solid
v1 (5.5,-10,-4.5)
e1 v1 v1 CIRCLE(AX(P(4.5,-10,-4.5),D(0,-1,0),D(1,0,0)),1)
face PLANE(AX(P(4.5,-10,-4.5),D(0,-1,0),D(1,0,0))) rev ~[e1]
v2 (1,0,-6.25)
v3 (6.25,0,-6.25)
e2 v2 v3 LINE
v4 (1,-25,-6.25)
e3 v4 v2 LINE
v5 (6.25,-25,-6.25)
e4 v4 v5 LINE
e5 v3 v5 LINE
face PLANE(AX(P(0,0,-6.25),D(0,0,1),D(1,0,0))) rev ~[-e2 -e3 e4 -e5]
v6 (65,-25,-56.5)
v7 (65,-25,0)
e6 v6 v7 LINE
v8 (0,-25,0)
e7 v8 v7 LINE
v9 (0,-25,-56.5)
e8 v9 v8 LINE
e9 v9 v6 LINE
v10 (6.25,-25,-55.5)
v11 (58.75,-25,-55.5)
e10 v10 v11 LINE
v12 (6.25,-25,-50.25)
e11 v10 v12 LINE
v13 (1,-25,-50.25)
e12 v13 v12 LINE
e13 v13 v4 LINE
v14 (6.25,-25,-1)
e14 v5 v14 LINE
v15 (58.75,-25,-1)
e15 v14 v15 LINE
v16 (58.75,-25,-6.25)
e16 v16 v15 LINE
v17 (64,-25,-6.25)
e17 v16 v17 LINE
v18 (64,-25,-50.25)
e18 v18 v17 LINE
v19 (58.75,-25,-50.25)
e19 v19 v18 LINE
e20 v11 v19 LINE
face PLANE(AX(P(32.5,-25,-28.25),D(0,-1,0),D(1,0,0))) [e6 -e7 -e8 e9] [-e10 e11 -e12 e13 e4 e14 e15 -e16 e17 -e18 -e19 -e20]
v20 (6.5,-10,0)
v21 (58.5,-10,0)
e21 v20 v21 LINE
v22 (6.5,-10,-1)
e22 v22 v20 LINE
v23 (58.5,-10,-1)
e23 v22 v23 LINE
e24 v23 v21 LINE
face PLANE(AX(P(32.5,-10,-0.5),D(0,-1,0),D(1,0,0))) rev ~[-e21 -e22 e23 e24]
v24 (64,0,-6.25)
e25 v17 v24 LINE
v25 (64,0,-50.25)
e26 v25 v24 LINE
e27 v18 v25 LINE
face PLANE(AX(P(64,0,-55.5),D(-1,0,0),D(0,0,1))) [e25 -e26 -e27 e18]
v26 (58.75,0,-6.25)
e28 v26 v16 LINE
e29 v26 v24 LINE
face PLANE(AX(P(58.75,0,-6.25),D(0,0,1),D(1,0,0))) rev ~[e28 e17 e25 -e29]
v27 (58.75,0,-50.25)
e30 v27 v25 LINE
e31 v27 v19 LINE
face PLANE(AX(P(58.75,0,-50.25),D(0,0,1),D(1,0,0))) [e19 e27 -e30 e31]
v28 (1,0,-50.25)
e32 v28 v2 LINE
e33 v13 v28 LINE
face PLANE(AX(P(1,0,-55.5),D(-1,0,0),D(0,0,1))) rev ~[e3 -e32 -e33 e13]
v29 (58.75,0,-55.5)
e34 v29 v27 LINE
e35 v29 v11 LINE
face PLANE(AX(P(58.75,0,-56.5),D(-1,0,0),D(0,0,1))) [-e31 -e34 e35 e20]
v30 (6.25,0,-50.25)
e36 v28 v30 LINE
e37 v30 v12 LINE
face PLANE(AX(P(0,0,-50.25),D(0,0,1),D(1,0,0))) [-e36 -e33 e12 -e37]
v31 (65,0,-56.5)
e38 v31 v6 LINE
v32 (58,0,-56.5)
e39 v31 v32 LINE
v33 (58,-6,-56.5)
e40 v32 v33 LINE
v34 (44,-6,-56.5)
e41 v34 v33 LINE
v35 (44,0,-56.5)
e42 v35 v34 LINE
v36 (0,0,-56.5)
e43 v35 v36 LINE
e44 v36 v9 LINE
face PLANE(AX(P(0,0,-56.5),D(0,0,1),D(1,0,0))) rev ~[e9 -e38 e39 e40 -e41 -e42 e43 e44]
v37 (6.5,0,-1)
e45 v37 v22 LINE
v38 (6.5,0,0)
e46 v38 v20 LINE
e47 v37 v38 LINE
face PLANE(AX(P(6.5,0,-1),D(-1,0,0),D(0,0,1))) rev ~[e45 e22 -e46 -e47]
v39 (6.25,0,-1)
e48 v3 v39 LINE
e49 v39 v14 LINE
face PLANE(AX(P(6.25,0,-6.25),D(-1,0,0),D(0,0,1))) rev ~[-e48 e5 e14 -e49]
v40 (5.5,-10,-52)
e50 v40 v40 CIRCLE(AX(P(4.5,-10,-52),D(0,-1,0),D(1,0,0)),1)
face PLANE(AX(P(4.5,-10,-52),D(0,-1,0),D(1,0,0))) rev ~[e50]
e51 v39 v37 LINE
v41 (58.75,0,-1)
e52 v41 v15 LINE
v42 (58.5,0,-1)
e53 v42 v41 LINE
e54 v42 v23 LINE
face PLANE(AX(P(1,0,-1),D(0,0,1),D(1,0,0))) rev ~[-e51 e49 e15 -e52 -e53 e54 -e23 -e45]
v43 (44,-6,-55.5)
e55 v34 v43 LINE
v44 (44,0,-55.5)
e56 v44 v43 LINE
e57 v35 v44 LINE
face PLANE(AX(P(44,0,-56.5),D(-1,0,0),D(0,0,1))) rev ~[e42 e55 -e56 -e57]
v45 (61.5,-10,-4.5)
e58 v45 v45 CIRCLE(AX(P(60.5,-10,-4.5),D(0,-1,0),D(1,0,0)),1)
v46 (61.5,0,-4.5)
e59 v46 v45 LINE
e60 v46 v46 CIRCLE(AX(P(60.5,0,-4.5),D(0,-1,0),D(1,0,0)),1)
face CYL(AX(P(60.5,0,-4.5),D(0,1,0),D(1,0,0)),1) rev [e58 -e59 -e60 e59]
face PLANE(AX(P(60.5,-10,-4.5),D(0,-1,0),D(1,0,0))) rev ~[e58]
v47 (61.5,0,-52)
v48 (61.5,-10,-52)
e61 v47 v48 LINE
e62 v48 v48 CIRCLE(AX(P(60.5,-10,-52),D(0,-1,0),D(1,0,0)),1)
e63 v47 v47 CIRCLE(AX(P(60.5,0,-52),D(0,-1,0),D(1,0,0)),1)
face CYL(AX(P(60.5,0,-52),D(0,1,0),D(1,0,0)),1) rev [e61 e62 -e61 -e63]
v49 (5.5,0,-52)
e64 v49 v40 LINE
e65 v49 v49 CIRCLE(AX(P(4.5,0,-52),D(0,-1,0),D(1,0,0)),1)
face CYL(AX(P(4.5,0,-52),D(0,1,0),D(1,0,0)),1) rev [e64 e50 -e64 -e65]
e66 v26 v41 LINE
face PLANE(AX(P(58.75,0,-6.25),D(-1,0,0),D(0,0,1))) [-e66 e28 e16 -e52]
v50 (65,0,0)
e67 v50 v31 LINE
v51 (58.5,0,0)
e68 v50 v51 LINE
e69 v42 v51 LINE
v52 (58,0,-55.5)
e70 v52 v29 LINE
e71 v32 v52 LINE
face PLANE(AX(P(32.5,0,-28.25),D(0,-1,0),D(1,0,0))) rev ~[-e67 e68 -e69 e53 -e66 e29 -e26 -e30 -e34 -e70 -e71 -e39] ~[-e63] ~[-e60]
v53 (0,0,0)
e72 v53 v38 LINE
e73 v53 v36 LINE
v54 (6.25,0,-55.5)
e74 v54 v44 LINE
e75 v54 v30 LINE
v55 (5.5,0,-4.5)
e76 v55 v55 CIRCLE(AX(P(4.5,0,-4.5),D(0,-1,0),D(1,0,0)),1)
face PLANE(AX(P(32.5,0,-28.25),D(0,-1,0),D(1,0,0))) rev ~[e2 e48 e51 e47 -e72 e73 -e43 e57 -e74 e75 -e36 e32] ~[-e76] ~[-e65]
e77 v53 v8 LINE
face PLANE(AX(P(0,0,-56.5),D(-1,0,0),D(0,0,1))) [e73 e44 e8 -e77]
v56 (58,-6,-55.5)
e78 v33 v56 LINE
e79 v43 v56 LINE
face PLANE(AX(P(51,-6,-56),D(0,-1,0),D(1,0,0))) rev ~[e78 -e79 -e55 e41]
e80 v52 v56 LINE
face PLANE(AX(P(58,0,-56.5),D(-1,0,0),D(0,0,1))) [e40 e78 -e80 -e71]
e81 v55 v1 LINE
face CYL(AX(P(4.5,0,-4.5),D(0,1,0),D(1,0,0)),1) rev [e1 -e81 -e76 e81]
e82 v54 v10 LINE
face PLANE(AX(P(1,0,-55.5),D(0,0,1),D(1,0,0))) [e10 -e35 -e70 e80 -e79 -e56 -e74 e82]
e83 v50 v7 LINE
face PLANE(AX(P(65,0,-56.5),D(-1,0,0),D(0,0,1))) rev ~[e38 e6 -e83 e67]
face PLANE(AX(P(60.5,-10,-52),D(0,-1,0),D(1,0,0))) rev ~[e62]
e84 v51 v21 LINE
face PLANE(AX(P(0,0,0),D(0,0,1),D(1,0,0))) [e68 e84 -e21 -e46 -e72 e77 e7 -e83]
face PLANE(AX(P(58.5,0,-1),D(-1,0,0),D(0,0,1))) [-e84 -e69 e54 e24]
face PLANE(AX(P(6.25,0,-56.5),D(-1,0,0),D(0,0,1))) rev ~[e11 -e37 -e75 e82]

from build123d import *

# Parameters (mm, degrees)
SKETCH_W        = 65
SKETCH_H        = 56.5
SKETCH_W_2      = 63
SKETCH_H_2      = 54.5
PAD_DEPTH       = 25
SKETCH001_W     = 52
SKETCH001_H     = 1
POCKET_DEPTH    = 10
SKETCH002_W     = 14
SKETCH002_H     = 1
POCKET001_DEPTH = 6
SKETCH003_W     = 6.25
SKETCH003_H     = 6.25
PAD001_DEPTH    = 25
SKETCH004_R     = 1
POCKET002_DEPTH = 10


with BuildPart() as part:
    # Sketch → Pad (new body)
    with BuildSketch(Plane.XZ):
        with Locations((32.5, -28.25)):
            Rectangle(SKETCH_W, SKETCH_H)
        with Locations((32.5, -28.25)):
            Rectangle(SKETCH_W_2, SKETCH_H_2, mode=Mode.SUBTRACT)
    extrude(amount=PAD_DEPTH)

    # Sketch001 → Pocket (cut)
    with BuildSketch(Plane.XZ):
        with Locations((32.5, -0.5)):
            Rectangle(SKETCH001_W, SKETCH001_H)
    extrude(amount=POCKET_DEPTH, mode=Mode.SUBTRACT)

    # Sketch002 → Pocket001 (cut)
    with BuildSketch(Plane.XZ):
        with Locations((51, -56)):
            Rectangle(SKETCH002_W, SKETCH002_H)
    extrude(amount=POCKET001_DEPTH, mode=Mode.SUBTRACT)

    # Sketch003 → Pad001 (join)
    with BuildSketch(Plane.XZ):
        with Locations((3.125, -3.125)):
            Rectangle(SKETCH003_W, SKETCH003_H)
        with Locations((3.125, -53.375)):
            Rectangle(SKETCH003_W, SKETCH003_H)
        with Locations((61.875, -53.375)):
            Rectangle(SKETCH003_W, SKETCH003_H)
        with Locations((61.875, -3.125)):
            Rectangle(SKETCH003_W, SKETCH003_H)
    extrude(amount=PAD001_DEPTH)

    # Sketch004 → Pocket002 (cut)
    with BuildSketch(Plane.XZ):
        with Locations((4.5, -52)):
            Circle(SKETCH004_R)
        with Locations((4.5, -4.5)):
            Circle(SKETCH004_R)
        with Locations((60.5, -4.5)):
            Circle(SKETCH004_R)
        with Locations((60.5, -52)):
            Circle(SKETCH004_R)
    extrude(amount=POCKET002_DEPTH, mode=Mode.SUBTRACT)


solid = part.part
